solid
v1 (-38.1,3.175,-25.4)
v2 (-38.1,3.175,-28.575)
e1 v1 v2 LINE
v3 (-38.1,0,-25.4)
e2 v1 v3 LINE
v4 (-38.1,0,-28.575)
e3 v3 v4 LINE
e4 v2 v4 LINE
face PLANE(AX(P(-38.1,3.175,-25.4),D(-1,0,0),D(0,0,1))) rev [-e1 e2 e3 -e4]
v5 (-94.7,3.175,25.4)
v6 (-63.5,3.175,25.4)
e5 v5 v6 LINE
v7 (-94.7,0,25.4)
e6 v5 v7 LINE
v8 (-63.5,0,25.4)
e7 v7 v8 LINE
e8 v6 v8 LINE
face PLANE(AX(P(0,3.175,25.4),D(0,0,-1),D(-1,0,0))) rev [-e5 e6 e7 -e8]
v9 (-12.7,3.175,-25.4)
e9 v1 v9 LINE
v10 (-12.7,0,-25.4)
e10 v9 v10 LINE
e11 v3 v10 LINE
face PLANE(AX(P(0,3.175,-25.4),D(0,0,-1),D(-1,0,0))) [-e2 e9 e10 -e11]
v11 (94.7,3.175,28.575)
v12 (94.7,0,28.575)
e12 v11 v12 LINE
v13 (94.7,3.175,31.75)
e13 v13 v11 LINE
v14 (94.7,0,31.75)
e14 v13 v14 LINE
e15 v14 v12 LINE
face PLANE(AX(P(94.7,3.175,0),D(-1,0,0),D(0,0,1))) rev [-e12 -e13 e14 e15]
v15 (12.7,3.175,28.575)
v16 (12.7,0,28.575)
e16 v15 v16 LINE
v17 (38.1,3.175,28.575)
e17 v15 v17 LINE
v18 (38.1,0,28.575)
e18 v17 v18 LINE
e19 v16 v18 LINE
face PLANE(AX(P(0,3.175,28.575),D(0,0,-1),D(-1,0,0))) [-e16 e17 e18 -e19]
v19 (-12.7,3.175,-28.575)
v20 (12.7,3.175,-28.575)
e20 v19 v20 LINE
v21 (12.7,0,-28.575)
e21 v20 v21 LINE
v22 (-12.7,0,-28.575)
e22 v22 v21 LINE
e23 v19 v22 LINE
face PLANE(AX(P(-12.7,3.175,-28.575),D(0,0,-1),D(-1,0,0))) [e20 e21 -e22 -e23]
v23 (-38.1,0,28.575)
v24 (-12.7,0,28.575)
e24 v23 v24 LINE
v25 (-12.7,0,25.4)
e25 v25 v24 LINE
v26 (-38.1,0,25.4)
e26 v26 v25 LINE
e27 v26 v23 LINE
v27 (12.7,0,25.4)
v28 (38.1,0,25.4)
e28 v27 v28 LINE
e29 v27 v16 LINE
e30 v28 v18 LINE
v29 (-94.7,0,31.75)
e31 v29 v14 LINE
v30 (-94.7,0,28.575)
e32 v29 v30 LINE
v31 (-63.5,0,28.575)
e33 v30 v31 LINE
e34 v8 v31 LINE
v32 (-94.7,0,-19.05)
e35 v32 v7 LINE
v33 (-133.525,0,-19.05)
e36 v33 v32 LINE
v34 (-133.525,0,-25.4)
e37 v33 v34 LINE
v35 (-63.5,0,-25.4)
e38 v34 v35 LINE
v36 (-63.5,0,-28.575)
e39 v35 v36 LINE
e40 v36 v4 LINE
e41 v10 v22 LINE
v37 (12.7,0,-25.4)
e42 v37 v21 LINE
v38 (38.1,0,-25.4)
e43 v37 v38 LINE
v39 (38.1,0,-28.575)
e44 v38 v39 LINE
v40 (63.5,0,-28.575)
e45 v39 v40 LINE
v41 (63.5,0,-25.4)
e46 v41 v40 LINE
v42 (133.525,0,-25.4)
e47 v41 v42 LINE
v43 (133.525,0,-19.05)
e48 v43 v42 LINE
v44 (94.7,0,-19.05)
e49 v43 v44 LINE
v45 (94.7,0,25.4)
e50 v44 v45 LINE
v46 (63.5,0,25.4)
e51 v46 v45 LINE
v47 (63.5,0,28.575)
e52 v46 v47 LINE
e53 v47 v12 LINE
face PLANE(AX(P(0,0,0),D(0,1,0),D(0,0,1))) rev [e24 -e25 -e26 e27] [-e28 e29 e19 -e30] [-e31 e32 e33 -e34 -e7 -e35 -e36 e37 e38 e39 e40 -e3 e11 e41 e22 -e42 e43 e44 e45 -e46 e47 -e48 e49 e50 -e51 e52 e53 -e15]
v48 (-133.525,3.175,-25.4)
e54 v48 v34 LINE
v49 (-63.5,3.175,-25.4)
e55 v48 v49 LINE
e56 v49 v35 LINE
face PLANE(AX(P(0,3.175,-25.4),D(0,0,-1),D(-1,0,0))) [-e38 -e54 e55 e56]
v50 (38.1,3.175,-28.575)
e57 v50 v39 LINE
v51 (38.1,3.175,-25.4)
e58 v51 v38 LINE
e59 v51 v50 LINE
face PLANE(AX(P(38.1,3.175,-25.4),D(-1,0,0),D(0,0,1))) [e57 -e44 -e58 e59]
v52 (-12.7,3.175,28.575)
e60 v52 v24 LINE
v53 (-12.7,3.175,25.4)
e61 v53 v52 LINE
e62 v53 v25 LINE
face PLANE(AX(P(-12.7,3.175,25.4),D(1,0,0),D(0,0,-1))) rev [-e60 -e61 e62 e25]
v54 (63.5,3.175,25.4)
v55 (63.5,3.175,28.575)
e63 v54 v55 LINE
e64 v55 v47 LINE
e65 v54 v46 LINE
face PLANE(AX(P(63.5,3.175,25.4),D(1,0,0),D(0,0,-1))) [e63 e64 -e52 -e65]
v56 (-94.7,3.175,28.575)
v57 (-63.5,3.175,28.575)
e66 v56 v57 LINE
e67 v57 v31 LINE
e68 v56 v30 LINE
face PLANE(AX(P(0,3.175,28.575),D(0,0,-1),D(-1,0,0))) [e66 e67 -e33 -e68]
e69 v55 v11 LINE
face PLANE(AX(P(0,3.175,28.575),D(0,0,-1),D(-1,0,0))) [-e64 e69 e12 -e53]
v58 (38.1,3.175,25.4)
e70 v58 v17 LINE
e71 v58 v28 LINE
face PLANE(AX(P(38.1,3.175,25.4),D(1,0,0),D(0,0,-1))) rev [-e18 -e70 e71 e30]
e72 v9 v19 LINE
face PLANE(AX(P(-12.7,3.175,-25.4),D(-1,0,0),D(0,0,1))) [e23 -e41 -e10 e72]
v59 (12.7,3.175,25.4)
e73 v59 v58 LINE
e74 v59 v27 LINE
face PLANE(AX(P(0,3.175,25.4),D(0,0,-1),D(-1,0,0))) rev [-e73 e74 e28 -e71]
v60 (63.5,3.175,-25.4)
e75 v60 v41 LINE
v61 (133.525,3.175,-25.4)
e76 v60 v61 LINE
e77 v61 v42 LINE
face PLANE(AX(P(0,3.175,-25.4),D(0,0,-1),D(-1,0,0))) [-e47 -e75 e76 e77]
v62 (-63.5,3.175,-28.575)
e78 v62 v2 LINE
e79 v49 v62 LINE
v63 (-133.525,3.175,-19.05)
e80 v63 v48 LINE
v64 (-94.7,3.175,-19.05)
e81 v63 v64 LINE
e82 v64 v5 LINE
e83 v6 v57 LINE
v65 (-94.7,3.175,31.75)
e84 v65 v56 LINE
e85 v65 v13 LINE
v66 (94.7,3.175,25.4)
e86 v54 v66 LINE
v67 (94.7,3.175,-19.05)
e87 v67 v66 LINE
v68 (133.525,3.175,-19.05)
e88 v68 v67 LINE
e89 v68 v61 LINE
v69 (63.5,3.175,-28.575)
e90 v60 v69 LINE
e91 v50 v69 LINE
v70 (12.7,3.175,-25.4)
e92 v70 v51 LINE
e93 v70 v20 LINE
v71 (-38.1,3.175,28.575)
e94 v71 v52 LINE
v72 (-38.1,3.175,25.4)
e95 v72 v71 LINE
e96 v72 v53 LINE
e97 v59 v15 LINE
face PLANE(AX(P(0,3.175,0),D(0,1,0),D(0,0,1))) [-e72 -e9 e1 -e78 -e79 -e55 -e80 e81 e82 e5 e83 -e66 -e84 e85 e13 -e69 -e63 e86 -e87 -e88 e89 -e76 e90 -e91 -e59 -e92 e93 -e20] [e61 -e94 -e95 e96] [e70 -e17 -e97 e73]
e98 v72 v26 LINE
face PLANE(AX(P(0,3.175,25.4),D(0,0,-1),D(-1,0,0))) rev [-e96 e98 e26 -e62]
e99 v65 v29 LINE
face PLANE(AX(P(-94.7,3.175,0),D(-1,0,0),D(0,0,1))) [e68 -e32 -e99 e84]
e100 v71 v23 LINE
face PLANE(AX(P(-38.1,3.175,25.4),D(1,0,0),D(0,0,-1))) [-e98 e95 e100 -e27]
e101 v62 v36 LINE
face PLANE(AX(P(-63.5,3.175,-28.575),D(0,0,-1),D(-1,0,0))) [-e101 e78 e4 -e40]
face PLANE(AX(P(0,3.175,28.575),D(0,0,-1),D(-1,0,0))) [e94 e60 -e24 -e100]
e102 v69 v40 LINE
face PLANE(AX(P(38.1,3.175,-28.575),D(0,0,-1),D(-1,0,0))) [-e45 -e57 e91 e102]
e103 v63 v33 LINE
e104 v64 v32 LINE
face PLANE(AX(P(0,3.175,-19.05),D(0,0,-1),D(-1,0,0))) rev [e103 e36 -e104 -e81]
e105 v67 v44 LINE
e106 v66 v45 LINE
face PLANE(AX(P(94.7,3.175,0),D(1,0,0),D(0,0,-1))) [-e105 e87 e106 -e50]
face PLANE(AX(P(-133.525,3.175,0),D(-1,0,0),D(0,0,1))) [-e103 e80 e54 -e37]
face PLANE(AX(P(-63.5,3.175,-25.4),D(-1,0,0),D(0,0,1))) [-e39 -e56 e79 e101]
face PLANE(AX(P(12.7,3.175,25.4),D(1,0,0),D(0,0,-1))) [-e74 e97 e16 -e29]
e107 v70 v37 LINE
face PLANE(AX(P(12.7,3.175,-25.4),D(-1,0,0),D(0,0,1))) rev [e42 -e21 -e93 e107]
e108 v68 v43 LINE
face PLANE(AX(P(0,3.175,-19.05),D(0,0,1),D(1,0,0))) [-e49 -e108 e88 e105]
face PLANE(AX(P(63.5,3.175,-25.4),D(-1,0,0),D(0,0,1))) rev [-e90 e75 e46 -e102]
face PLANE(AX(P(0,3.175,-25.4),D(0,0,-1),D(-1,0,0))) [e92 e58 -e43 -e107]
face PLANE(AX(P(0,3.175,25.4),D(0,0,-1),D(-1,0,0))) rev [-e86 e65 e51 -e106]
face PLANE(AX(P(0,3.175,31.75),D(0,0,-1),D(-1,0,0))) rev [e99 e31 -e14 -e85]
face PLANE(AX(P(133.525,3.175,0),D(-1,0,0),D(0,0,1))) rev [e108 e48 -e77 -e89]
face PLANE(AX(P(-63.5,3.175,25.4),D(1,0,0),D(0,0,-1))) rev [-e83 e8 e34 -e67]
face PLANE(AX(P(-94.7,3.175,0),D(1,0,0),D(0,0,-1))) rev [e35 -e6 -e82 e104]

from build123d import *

# Parameters (mm, degrees)
SKETCH1_W           = 25.4
SKETCH1_H           = 3.175
BOSS_EXTRUDE1_DEPTH = 3.175


with BuildPart() as part:
    # Sketch1 → Boss-Extrude1 (new body)
    with BuildSketch(Plane(origin=(0, 0, 0), x_dir=(1, 0, 0), z_dir=(0, 1, 0))):
        Polygon((-133.525, 25.4), (-133.525, 19.05), (-94.7, 19.05), (-94.7, -25.4), (-63.5, -25.4), (-63.5, -28.575), (-94.7, -28.575), (-94.7, -31.75), (94.7, -31.75), (94.7, -28.575), (63.5, -28.575), (63.5, -25.4), (94.7, -25.4), (94.7, 19.05), (133.525, 19.05), (133.525, 25.4), (63.5, 25.4), (63.5, 28.575), (38.1, 28.575), (38.1, 25.4), (12.7, 25.4), (12.7, 28.575), (-12.7, 28.575), (-12.7, 25.4), (-38.1, 25.4), (-38.1, 28.575), (-63.5, 28.575), (-63.5, 25.4), align=None)
        with Locations((25.4, -26.9875)):
            Rectangle(SKETCH1_W, SKETCH1_H, mode=Mode.SUBTRACT)
        with Locations((-25.4, -26.9875)):
            Rectangle(SKETCH1_W, SKETCH1_H, mode=Mode.SUBTRACT)
    extrude(amount=BOSS_EXTRUDE1_DEPTH)


solid = part.part
